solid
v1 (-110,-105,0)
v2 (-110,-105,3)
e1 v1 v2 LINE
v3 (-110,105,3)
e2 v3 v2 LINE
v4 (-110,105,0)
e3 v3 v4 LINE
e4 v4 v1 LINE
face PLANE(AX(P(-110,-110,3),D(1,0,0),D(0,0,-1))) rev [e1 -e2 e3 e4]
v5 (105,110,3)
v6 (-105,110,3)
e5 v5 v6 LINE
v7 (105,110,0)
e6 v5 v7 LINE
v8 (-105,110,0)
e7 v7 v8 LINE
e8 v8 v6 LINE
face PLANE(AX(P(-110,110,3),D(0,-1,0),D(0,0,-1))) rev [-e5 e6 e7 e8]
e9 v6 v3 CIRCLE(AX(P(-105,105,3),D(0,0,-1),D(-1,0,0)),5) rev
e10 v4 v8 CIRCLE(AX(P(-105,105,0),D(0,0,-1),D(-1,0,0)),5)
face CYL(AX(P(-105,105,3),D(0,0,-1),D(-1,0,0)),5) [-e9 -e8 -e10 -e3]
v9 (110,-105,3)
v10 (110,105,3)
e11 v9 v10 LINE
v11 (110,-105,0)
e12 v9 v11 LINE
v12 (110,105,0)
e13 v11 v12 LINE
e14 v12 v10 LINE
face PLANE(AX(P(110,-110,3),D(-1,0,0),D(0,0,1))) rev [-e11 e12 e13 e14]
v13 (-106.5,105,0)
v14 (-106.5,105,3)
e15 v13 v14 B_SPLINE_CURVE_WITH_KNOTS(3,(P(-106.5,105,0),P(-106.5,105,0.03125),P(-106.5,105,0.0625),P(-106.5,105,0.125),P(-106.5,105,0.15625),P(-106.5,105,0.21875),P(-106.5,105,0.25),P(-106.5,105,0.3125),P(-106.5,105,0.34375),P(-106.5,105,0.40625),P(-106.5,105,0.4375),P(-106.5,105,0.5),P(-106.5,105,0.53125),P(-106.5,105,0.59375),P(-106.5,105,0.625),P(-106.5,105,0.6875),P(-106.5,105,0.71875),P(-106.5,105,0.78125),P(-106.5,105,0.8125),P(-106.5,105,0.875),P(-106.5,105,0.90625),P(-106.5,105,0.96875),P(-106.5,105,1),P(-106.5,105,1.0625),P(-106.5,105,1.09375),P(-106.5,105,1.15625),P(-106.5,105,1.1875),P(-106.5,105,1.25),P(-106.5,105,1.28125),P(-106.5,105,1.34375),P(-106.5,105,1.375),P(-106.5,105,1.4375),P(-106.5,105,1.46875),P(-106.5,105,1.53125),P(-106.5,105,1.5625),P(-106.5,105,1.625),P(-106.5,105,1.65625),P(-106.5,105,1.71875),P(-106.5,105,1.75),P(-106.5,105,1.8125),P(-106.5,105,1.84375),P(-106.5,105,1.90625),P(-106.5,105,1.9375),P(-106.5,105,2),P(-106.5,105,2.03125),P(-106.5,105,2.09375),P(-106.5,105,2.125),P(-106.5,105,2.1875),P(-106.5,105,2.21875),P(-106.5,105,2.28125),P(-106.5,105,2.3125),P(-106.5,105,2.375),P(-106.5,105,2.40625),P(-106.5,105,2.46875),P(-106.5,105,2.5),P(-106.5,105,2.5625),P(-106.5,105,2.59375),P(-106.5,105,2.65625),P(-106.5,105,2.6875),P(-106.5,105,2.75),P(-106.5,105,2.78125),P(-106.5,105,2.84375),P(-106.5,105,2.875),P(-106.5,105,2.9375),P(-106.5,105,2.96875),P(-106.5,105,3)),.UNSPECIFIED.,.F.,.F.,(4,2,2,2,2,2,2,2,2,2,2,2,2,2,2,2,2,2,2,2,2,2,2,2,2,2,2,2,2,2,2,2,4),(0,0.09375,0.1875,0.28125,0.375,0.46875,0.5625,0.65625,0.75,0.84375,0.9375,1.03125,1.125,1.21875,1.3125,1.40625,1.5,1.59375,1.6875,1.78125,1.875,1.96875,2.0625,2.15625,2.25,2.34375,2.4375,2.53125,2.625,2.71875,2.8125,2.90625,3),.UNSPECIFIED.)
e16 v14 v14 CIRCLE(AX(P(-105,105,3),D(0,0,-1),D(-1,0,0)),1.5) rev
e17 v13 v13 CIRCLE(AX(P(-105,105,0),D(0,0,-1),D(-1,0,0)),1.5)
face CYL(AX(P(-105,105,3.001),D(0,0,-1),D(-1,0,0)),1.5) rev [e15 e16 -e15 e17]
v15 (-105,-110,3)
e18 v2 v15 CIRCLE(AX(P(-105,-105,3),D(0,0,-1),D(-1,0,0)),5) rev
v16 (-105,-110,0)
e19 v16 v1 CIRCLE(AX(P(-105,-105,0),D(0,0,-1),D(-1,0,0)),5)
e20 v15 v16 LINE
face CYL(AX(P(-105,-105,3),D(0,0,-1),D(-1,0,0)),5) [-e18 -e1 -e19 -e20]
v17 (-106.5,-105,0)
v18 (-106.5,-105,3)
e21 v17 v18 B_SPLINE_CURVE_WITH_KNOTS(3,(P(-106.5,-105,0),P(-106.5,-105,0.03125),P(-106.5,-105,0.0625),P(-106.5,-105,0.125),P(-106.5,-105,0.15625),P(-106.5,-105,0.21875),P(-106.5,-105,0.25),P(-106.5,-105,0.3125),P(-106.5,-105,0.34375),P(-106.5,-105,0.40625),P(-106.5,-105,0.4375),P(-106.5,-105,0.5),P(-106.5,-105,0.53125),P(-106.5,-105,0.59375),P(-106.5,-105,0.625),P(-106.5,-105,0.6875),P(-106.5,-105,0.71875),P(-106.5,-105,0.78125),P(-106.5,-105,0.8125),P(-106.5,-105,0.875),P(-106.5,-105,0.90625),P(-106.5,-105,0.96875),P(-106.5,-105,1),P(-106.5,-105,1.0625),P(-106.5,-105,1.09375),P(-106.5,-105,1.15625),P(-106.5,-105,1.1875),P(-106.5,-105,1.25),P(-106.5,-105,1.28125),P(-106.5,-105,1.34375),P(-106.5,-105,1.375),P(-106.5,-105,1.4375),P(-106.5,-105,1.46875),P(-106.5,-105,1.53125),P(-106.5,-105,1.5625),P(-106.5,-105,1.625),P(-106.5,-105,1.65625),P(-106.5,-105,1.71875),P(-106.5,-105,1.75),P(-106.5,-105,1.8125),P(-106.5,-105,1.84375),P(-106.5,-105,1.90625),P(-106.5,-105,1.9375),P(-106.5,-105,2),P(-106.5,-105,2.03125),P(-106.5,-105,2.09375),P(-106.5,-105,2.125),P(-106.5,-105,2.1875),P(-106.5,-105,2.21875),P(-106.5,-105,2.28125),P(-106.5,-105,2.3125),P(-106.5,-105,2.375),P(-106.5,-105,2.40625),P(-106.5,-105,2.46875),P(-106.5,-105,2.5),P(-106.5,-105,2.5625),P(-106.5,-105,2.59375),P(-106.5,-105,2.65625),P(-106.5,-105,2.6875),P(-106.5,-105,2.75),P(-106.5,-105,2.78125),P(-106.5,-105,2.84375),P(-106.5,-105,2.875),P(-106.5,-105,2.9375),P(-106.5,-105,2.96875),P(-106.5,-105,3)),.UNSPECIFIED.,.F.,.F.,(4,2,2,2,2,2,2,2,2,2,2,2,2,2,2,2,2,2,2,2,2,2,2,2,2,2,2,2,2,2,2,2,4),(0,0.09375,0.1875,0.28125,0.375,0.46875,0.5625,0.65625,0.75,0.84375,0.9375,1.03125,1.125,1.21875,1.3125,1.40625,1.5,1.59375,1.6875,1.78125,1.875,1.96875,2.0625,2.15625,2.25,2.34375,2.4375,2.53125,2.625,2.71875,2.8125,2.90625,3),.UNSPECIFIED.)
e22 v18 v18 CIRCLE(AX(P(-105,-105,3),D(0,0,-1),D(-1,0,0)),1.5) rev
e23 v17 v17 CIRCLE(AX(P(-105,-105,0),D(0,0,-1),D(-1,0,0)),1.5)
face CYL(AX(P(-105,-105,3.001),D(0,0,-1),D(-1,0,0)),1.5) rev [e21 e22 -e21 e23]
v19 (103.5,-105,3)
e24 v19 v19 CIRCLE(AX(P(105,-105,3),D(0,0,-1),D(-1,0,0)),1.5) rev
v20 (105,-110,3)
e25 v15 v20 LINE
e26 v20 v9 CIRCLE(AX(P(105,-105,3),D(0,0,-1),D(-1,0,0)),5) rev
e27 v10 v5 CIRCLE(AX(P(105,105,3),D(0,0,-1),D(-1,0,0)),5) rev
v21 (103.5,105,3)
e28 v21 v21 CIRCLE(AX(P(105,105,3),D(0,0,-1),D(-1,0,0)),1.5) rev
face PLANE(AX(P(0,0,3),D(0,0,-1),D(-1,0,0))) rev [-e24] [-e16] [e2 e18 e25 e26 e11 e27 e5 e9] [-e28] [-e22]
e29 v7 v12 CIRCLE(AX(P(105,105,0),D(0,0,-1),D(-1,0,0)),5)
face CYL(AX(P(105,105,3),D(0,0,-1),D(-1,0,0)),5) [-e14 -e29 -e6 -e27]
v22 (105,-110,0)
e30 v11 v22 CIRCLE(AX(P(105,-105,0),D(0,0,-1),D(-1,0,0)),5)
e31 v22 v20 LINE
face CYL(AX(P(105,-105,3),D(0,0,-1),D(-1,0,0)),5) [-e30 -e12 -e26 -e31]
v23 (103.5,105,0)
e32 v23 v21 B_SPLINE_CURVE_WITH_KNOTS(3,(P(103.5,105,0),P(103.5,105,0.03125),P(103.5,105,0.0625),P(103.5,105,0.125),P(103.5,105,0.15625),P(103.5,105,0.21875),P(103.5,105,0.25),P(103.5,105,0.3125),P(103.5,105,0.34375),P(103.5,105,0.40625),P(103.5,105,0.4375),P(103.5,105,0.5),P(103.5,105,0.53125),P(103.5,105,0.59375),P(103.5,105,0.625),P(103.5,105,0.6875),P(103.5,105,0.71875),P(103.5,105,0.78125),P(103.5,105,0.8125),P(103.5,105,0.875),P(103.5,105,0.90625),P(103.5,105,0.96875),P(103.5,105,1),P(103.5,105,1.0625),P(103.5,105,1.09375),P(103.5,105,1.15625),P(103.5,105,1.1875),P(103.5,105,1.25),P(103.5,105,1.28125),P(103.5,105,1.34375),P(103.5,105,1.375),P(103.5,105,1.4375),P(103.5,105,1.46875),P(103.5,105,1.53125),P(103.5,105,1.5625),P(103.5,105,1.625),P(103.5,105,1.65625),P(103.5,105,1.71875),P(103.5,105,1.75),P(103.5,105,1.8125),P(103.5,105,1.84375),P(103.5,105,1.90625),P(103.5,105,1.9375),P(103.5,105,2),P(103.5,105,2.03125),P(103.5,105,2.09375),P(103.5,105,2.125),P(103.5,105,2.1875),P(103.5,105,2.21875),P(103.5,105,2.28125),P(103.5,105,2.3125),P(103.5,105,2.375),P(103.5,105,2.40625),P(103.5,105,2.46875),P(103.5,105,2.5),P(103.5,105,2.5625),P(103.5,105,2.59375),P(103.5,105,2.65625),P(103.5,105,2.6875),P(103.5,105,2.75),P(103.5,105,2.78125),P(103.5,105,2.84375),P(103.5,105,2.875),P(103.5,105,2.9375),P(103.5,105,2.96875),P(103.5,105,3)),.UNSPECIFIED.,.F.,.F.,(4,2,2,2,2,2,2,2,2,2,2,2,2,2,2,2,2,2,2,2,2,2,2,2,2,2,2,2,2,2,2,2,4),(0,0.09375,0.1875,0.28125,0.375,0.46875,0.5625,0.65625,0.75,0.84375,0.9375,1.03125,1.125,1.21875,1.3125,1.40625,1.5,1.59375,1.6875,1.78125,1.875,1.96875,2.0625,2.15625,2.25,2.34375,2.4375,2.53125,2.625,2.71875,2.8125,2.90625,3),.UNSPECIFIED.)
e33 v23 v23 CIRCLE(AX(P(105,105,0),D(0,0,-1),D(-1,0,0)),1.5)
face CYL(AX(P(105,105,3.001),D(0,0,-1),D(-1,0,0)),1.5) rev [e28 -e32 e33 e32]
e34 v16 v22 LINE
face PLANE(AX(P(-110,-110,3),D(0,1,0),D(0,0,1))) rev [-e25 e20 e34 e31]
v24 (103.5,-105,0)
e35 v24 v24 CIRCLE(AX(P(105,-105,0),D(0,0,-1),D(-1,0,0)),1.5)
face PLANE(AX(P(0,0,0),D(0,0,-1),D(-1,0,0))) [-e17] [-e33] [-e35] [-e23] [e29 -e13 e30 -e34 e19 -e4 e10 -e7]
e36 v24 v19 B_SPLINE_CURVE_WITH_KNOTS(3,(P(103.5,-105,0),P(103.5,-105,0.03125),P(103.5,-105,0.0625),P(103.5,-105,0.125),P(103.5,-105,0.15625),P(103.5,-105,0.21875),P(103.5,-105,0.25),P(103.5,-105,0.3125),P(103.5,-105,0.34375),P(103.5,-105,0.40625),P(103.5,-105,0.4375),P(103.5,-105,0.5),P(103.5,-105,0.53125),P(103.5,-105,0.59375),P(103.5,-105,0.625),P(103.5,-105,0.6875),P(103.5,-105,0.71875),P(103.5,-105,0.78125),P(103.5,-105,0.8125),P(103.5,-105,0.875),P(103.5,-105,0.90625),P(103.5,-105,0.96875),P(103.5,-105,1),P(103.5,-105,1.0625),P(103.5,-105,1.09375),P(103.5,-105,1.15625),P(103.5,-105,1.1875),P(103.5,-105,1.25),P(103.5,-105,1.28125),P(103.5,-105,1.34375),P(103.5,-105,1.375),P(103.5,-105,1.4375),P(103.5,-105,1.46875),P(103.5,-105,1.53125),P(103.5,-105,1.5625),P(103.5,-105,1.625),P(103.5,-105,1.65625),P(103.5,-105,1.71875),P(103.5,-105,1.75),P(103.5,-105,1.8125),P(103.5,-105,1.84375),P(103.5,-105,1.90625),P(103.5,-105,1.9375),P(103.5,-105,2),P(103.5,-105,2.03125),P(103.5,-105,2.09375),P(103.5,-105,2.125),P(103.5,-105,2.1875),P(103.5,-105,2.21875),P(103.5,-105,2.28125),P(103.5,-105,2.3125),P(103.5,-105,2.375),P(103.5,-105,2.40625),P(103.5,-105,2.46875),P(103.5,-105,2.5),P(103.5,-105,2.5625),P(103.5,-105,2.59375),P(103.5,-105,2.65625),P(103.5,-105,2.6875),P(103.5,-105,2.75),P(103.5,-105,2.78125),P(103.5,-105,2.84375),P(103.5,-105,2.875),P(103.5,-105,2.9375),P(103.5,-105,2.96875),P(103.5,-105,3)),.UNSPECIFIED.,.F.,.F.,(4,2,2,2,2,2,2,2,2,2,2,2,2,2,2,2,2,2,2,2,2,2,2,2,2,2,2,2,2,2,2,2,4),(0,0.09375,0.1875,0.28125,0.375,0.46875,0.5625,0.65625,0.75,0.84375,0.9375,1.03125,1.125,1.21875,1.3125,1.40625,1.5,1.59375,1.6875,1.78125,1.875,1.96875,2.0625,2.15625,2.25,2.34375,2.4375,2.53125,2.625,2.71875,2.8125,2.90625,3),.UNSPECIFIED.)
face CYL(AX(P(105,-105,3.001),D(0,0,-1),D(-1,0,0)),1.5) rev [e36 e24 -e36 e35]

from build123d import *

# Parameters (mm, degrees)
SZKIC1_W                    = 220
SZKIC1_H                    = 220
DODANIE_WYCI_GNI_CIE1_DEPTH = 3
WYTNIJ_WYCI_GNI_CIE2_REACH  = 157.592
SZKIC2_R                    = 1.5
ZAOKR_GLENIE1_R             = 5


with BuildPart() as part:
    # Szkic1 → Dodanie-wyciągnięcie1 (new body)
    with BuildSketch(Plane.XY):
        Rectangle(SZKIC1_W, SZKIC1_H)
    extrude(amount=DODANIE_WYCI_GNI_CIE1_DEPTH)

    # Szkic2 → Wytnij-wyciągnięcie2 (cut, up to next)
    with BuildSketch(Plane(origin=(0, 0, 0), x_dir=(-1, 0, 0), z_dir=(0, 0, -1)), mode=Mode.PRIVATE) as wytnij_wyci_gni_cie2_sk1:
        with Locations((105, -105)):
            Circle(SZKIC2_R)
    wytnij_wyci_gni_cie2_tool1 = extrude(wytnij_wyci_gni_cie2_sk1.sketch, amount=-WYTNIJ_WYCI_GNI_CIE2_REACH, mode=Mode.PRIVATE) & part.part
    # Szkic2 → Wytnij-wyciągnięcie2 (cut, up to next)
    with BuildSketch(Plane(origin=(0, 0, 0), x_dir=(-1, 0, 0), z_dir=(0, 0, -1)), mode=Mode.PRIVATE) as wytnij_wyci_gni_cie2_sk2:
        with Locations((105, 105)):
            Circle(SZKIC2_R)
    wytnij_wyci_gni_cie2_tool2 = extrude(wytnij_wyci_gni_cie2_sk2.sketch, amount=-WYTNIJ_WYCI_GNI_CIE2_REACH, mode=Mode.PRIVATE) & part.part
    # Szkic2 → Wytnij-wyciągnięcie2 (cut, up to next)
    with BuildSketch(Plane(origin=(0, 0, 0), x_dir=(-1, 0, 0), z_dir=(0, 0, -1)), mode=Mode.PRIVATE) as wytnij_wyci_gni_cie2_sk3:
        with Locations((-105, 105)):
            Circle(SZKIC2_R)
    wytnij_wyci_gni_cie2_tool3 = extrude(wytnij_wyci_gni_cie2_sk3.sketch, amount=-WYTNIJ_WYCI_GNI_CIE2_REACH, mode=Mode.PRIVATE) & part.part
    # Szkic2 → Wytnij-wyciągnięcie2 (cut, up to next)
    with BuildSketch(Plane(origin=(0, 0, 0), x_dir=(-1, 0, 0), z_dir=(0, 0, -1)), mode=Mode.PRIVATE) as wytnij_wyci_gni_cie2_sk4:
        with Locations((-105, -105)):
            Circle(SZKIC2_R)
    wytnij_wyci_gni_cie2_tool4 = extrude(wytnij_wyci_gni_cie2_sk4.sketch, amount=-WYTNIJ_WYCI_GNI_CIE2_REACH, mode=Mode.PRIVATE) & part.part
    add(wytnij_wyci_gni_cie2_tool1.solids().sort_by_distance((-105, -105, 0))[0], mode=Mode.SUBTRACT)
    add(wytnij_wyci_gni_cie2_tool2.solids().sort_by_distance((-105, 105, 0))[0], mode=Mode.SUBTRACT)
    add(wytnij_wyci_gni_cie2_tool3.solids().sort_by_distance((105, 105, 0))[0], mode=Mode.SUBTRACT)
    add(wytnij_wyci_gni_cie2_tool4.solids().sort_by_distance((105, -105, 0))[0], mode=Mode.SUBTRACT)

    # Zaokrąglenie1
    zaokr_glenie1_edges = [part.edges().sort_by_distance(p)[0] for p in [
        (110, -110, 1.5),
        (-110, -110, 1.5),
        (-110, 110, 1.5),
        (110, 110, 1.5),
    ]]
    fillet(zaokr_glenie1_edges, radius=ZAOKR_GLENIE1_R)


solid = part.part
